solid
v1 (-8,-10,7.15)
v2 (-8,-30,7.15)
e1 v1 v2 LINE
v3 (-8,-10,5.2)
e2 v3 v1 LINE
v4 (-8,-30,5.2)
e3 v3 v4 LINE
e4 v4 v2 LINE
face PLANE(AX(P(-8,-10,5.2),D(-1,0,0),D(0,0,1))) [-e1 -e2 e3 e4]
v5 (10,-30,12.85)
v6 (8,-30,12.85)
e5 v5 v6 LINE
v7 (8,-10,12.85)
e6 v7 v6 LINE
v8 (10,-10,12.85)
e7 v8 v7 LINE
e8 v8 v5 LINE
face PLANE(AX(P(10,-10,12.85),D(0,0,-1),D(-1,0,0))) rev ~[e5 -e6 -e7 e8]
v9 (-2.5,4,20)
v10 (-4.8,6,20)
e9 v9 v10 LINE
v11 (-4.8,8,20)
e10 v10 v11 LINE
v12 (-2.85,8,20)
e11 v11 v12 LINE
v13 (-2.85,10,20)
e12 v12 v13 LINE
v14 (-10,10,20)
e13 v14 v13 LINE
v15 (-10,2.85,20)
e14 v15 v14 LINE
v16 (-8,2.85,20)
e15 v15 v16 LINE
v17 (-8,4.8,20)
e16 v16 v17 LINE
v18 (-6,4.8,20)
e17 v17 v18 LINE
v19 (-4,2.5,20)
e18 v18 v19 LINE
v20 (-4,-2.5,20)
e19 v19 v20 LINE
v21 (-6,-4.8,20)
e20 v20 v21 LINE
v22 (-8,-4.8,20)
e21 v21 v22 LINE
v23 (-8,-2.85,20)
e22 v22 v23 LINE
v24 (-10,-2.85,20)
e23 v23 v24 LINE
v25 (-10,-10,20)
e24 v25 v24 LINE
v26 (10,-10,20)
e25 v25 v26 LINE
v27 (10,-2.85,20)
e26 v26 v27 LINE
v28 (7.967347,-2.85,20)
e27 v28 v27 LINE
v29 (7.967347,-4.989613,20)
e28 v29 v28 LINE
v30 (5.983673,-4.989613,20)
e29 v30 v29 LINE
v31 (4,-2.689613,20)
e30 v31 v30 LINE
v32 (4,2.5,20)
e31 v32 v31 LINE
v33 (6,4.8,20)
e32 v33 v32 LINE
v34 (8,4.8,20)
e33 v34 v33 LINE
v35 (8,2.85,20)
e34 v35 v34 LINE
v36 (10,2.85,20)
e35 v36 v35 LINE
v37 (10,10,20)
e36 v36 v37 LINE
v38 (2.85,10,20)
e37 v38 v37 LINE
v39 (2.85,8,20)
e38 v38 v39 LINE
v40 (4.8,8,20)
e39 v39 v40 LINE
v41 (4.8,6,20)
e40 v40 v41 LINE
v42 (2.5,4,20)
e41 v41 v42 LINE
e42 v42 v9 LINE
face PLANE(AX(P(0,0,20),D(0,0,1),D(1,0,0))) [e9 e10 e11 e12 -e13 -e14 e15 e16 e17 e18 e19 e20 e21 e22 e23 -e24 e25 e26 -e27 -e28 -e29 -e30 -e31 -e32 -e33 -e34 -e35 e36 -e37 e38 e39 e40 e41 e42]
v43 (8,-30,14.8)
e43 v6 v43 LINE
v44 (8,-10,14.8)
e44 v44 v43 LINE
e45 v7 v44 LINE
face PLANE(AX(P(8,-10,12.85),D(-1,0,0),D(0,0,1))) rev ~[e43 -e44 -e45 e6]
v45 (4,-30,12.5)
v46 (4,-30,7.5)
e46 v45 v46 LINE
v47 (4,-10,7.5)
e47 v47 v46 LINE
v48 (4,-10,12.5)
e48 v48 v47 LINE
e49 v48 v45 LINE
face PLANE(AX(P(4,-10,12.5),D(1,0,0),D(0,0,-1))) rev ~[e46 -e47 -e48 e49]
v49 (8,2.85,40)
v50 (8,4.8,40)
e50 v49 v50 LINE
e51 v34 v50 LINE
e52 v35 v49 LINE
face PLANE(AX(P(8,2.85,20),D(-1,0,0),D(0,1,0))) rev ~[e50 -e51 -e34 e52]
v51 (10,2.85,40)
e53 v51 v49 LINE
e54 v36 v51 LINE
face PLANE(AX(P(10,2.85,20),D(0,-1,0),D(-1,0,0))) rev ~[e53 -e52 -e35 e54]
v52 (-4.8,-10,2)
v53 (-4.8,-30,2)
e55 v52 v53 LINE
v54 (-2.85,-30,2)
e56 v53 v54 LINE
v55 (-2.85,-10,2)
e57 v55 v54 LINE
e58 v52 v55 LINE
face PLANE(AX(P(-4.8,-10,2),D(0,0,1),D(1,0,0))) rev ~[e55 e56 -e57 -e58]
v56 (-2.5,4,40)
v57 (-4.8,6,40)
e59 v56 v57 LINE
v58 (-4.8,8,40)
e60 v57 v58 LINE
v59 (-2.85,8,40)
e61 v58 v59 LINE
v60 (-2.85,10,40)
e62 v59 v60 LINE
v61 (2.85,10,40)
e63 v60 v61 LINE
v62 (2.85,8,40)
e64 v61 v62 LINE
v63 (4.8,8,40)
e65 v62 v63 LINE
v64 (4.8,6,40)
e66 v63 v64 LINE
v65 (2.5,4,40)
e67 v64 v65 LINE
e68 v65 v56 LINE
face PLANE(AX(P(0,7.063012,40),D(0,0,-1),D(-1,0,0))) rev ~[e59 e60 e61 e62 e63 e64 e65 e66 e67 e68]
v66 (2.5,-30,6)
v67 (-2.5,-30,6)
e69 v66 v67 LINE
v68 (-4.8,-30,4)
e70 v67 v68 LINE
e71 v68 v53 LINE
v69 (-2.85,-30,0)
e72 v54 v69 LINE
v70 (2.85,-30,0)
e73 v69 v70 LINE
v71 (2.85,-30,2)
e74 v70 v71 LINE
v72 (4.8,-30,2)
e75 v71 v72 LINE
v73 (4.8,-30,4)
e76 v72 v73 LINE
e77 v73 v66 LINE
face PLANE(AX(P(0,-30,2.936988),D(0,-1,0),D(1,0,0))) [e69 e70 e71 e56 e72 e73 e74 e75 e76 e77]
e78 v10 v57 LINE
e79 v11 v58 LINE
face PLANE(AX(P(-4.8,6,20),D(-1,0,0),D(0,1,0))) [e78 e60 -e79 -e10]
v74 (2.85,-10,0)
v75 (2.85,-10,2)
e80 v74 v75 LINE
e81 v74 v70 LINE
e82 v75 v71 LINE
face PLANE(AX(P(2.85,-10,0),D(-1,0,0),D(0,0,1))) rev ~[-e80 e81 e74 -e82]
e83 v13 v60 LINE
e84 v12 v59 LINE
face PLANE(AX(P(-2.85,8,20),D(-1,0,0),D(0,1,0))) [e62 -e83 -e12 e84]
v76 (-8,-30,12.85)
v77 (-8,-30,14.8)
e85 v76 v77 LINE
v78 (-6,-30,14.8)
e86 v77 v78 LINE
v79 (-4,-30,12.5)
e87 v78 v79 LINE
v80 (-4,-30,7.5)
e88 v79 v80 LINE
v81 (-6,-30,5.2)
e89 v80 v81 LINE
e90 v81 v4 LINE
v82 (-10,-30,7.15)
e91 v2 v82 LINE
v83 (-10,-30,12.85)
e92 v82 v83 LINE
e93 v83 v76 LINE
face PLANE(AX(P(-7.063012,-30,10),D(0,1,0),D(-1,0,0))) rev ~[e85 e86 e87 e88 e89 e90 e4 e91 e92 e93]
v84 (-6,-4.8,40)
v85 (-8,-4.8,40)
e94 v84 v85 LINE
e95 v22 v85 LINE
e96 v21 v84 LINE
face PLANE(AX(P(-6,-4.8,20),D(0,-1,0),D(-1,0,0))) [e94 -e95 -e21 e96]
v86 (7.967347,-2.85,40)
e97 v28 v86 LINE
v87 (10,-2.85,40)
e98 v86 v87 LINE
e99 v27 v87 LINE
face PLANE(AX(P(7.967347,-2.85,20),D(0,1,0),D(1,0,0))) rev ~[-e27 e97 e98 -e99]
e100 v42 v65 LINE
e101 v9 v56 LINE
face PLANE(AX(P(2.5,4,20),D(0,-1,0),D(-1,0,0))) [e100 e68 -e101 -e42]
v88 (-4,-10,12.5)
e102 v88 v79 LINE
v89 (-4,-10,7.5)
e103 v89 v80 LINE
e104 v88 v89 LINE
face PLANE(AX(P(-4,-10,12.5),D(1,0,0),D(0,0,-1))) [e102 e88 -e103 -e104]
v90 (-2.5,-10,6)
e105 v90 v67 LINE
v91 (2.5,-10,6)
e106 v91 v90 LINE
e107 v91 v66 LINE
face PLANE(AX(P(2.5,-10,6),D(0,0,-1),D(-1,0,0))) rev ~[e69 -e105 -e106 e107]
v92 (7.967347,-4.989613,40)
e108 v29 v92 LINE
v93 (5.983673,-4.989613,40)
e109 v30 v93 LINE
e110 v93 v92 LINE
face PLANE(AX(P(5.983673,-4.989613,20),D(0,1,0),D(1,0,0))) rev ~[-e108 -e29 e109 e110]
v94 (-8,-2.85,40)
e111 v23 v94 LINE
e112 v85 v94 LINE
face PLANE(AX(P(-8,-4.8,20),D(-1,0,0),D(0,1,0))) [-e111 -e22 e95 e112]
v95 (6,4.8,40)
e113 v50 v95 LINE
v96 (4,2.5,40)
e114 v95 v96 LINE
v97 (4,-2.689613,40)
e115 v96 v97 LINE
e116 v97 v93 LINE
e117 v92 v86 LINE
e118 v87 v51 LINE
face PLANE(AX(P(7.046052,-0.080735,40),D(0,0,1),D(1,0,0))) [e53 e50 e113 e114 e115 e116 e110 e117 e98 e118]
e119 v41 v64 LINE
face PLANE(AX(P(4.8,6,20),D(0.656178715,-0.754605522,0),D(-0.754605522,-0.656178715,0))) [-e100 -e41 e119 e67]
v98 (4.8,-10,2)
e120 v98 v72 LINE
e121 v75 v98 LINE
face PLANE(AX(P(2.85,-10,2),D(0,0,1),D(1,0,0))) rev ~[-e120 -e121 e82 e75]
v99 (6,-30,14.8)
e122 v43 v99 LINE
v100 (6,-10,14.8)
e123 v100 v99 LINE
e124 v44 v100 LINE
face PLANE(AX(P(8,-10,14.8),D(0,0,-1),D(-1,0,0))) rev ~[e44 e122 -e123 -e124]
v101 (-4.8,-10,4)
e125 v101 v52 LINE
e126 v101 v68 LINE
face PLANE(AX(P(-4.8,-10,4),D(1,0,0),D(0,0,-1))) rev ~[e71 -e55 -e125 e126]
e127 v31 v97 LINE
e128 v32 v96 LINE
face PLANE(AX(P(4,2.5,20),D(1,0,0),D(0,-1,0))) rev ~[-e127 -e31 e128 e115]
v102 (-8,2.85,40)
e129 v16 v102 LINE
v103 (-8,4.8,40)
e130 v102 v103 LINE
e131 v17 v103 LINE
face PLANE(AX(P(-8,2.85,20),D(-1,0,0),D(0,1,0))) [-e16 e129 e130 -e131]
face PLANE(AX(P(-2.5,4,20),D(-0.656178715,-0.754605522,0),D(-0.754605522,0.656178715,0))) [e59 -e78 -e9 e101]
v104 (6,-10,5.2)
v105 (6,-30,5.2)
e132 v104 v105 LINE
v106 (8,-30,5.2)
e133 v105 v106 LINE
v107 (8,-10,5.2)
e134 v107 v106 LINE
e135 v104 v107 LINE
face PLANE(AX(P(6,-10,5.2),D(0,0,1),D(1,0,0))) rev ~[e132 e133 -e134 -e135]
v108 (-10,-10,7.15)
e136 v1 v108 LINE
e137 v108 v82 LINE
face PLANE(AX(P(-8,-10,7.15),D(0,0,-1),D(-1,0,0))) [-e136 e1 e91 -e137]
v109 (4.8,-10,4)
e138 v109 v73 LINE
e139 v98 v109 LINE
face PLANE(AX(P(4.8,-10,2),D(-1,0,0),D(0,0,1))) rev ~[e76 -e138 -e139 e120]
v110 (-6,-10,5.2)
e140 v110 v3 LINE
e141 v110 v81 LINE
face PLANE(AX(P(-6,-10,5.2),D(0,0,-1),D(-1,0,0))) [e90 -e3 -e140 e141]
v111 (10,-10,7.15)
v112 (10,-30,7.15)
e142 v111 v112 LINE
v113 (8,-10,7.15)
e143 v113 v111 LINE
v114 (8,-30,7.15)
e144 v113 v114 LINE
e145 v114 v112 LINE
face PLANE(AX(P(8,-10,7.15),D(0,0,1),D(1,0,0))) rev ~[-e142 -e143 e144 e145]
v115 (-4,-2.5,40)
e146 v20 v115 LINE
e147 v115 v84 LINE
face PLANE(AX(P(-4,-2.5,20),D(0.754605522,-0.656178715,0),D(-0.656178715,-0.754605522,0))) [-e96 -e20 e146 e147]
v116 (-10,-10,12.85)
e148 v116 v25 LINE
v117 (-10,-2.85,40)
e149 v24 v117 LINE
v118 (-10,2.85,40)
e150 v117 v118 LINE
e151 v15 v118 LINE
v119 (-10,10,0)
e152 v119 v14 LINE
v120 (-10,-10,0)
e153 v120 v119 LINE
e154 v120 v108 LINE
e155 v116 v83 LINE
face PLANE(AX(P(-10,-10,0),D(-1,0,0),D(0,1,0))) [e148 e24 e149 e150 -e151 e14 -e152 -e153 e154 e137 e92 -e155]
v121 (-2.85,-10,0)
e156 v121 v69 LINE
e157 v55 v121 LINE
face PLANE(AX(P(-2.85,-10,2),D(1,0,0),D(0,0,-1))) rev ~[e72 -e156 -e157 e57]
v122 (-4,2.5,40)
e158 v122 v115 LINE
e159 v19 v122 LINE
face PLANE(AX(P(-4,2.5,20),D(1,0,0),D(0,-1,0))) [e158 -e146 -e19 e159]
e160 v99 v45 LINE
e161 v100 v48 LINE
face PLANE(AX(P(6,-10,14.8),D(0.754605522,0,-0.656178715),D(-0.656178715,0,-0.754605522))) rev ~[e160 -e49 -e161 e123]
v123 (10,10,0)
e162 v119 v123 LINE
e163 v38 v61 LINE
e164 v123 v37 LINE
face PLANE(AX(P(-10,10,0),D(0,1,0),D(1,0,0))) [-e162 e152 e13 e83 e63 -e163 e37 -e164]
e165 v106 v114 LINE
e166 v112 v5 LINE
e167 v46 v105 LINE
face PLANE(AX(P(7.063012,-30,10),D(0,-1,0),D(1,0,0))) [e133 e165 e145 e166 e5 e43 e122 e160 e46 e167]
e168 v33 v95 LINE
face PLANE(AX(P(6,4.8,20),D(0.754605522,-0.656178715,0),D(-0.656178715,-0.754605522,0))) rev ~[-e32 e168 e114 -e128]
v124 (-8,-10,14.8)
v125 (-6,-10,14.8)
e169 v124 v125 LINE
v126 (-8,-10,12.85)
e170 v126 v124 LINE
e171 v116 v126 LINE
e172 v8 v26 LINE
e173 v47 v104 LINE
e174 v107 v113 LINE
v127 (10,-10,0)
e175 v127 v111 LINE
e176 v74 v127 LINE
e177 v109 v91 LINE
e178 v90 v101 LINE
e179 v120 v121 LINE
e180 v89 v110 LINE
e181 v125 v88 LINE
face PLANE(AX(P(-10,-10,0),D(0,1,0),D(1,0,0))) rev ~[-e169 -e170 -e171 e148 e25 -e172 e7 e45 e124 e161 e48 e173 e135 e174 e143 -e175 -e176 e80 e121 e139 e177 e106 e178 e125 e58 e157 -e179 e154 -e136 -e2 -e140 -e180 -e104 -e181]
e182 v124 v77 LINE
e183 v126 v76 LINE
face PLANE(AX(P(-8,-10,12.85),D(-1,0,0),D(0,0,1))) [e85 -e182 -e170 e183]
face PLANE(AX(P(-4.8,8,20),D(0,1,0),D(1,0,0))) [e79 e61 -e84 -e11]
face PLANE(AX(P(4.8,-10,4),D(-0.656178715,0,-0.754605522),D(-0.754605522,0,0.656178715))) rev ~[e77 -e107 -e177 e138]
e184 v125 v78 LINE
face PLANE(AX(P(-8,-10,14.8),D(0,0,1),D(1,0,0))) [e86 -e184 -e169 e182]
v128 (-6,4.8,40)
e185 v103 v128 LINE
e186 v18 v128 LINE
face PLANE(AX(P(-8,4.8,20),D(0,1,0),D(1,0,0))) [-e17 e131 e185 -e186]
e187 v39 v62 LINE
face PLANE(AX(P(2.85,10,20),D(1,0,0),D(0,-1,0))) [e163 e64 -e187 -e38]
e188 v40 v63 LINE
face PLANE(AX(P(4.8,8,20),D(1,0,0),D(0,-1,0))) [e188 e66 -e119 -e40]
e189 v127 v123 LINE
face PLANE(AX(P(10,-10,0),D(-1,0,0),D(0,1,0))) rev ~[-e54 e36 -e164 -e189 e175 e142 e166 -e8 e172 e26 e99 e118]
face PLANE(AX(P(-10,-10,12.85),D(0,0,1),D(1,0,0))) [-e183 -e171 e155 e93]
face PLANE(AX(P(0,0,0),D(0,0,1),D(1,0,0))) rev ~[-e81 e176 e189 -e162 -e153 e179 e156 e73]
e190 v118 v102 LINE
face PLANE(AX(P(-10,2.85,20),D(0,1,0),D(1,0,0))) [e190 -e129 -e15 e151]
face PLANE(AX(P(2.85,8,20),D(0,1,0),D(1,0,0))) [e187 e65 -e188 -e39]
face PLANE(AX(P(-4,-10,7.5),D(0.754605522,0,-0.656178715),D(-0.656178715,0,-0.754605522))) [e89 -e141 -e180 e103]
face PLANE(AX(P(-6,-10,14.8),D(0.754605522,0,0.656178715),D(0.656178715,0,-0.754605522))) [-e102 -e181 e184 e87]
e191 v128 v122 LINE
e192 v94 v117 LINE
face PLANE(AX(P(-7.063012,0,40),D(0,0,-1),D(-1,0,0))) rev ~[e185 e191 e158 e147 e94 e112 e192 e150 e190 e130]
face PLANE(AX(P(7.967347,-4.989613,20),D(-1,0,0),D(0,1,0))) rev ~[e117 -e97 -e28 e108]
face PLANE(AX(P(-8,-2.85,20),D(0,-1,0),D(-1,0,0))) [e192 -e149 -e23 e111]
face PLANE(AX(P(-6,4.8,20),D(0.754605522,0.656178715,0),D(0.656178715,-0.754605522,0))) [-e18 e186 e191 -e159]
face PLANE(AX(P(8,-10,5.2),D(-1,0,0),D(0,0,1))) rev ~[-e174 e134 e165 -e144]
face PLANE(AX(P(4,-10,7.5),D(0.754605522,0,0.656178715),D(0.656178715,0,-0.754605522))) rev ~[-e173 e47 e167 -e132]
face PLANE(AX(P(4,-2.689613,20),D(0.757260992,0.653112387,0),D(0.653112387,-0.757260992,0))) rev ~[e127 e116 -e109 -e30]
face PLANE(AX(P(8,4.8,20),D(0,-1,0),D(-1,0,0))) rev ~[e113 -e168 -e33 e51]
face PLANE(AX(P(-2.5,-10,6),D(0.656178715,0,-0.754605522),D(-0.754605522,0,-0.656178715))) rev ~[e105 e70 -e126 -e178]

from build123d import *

# Parameters (mm, degrees)
SKETCH1_W           = 20
SKETCH1_H           = 20
BOSS_EXTRUDE1_DEPTH = 20
BOSS_EXTRUDE2_DEPTH = 20
BOSS_EXTRUDE3_DEPTH = 20
BOSS_EXTRUDE4_DEPTH = 20
BOSS_EXTRUDE5_DEPTH = 20


with BuildPart() as part:
    # Sketch1 → Boss-Extrude1 (new body)
    with BuildSketch(Plane.XY):
        Rectangle(SKETCH1_W, SKETCH1_H)
    extrude(amount=BOSS_EXTRUDE1_DEPTH)

    # Sketch2 → Boss-Extrude2 (add)
    with BuildSketch(Plane.XY.offset(20)):
        Polygon((2.85, 10), (2.85, 8), (4.8, 8), (4.8, 6), (2.5, 4), (-2.5, 4), (-4.8, 6), (-4.8, 8), (-2.85, 8), (-2.85, 10), align=None)
    extrude(amount=BOSS_EXTRUDE2_DEPTH)

    # Sketch3 → Boss-Extrude3 (add)
    with BuildSketch(Plane.XY.offset(20)):
        Polygon((-10, 2.85), (-8, 2.85), (-8, 4.8), (-6, 4.8), (-4, 2.5), (-4, -2.5), (-6, -4.8), (-8, -4.8), (-8, -2.85), (-10, -2.85), align=None)
    extrude(amount=BOSS_EXTRUDE3_DEPTH)

    # Sketch4 → Boss-Extrude4 (add)
    with BuildSketch(Plane.XY.offset(20)):
        Polygon((10, 2.85), (8, 2.85), (8, 4.8), (6, 4.8), (4, 2.5), (4, -2.689613267), (5.983673404, -4.989613267), (7.967346808, -4.989613267), (7.967346808, -2.85), (10, -2.85), align=None)
    extrude(amount=BOSS_EXTRUDE4_DEPTH)

    # Sketch5 → Boss-Extrude5 (add)
    with BuildSketch(Plane.XZ.offset(10)):
        Polygon((-10, 12.85), (-8, 12.85), (-8, 14.8), (-6, 14.8), (-4, 12.5), (-4, 7.5), (-6, 5.2), (-8, 5.2), (-8, 7.15), (-10, 7.15), align=None)
        Polygon((10, 12.85), (8, 12.85), (8, 14.8), (6, 14.8), (4, 12.5), (4, 7.5), (6, 5.2), (8, 5.2), (8, 7.15), (10, 7.15), align=None)
        Polygon((-2.85, 0), (2.85, 0), (2.85, 2), (4.8, 2), (4.8, 4), (2.5, 6), (-2.5, 6), (-4.8, 4), (-4.8, 2), (-2.85, 2), align=None)
    extrude(amount=BOSS_EXTRUDE5_DEPTH)


solid = part.part
